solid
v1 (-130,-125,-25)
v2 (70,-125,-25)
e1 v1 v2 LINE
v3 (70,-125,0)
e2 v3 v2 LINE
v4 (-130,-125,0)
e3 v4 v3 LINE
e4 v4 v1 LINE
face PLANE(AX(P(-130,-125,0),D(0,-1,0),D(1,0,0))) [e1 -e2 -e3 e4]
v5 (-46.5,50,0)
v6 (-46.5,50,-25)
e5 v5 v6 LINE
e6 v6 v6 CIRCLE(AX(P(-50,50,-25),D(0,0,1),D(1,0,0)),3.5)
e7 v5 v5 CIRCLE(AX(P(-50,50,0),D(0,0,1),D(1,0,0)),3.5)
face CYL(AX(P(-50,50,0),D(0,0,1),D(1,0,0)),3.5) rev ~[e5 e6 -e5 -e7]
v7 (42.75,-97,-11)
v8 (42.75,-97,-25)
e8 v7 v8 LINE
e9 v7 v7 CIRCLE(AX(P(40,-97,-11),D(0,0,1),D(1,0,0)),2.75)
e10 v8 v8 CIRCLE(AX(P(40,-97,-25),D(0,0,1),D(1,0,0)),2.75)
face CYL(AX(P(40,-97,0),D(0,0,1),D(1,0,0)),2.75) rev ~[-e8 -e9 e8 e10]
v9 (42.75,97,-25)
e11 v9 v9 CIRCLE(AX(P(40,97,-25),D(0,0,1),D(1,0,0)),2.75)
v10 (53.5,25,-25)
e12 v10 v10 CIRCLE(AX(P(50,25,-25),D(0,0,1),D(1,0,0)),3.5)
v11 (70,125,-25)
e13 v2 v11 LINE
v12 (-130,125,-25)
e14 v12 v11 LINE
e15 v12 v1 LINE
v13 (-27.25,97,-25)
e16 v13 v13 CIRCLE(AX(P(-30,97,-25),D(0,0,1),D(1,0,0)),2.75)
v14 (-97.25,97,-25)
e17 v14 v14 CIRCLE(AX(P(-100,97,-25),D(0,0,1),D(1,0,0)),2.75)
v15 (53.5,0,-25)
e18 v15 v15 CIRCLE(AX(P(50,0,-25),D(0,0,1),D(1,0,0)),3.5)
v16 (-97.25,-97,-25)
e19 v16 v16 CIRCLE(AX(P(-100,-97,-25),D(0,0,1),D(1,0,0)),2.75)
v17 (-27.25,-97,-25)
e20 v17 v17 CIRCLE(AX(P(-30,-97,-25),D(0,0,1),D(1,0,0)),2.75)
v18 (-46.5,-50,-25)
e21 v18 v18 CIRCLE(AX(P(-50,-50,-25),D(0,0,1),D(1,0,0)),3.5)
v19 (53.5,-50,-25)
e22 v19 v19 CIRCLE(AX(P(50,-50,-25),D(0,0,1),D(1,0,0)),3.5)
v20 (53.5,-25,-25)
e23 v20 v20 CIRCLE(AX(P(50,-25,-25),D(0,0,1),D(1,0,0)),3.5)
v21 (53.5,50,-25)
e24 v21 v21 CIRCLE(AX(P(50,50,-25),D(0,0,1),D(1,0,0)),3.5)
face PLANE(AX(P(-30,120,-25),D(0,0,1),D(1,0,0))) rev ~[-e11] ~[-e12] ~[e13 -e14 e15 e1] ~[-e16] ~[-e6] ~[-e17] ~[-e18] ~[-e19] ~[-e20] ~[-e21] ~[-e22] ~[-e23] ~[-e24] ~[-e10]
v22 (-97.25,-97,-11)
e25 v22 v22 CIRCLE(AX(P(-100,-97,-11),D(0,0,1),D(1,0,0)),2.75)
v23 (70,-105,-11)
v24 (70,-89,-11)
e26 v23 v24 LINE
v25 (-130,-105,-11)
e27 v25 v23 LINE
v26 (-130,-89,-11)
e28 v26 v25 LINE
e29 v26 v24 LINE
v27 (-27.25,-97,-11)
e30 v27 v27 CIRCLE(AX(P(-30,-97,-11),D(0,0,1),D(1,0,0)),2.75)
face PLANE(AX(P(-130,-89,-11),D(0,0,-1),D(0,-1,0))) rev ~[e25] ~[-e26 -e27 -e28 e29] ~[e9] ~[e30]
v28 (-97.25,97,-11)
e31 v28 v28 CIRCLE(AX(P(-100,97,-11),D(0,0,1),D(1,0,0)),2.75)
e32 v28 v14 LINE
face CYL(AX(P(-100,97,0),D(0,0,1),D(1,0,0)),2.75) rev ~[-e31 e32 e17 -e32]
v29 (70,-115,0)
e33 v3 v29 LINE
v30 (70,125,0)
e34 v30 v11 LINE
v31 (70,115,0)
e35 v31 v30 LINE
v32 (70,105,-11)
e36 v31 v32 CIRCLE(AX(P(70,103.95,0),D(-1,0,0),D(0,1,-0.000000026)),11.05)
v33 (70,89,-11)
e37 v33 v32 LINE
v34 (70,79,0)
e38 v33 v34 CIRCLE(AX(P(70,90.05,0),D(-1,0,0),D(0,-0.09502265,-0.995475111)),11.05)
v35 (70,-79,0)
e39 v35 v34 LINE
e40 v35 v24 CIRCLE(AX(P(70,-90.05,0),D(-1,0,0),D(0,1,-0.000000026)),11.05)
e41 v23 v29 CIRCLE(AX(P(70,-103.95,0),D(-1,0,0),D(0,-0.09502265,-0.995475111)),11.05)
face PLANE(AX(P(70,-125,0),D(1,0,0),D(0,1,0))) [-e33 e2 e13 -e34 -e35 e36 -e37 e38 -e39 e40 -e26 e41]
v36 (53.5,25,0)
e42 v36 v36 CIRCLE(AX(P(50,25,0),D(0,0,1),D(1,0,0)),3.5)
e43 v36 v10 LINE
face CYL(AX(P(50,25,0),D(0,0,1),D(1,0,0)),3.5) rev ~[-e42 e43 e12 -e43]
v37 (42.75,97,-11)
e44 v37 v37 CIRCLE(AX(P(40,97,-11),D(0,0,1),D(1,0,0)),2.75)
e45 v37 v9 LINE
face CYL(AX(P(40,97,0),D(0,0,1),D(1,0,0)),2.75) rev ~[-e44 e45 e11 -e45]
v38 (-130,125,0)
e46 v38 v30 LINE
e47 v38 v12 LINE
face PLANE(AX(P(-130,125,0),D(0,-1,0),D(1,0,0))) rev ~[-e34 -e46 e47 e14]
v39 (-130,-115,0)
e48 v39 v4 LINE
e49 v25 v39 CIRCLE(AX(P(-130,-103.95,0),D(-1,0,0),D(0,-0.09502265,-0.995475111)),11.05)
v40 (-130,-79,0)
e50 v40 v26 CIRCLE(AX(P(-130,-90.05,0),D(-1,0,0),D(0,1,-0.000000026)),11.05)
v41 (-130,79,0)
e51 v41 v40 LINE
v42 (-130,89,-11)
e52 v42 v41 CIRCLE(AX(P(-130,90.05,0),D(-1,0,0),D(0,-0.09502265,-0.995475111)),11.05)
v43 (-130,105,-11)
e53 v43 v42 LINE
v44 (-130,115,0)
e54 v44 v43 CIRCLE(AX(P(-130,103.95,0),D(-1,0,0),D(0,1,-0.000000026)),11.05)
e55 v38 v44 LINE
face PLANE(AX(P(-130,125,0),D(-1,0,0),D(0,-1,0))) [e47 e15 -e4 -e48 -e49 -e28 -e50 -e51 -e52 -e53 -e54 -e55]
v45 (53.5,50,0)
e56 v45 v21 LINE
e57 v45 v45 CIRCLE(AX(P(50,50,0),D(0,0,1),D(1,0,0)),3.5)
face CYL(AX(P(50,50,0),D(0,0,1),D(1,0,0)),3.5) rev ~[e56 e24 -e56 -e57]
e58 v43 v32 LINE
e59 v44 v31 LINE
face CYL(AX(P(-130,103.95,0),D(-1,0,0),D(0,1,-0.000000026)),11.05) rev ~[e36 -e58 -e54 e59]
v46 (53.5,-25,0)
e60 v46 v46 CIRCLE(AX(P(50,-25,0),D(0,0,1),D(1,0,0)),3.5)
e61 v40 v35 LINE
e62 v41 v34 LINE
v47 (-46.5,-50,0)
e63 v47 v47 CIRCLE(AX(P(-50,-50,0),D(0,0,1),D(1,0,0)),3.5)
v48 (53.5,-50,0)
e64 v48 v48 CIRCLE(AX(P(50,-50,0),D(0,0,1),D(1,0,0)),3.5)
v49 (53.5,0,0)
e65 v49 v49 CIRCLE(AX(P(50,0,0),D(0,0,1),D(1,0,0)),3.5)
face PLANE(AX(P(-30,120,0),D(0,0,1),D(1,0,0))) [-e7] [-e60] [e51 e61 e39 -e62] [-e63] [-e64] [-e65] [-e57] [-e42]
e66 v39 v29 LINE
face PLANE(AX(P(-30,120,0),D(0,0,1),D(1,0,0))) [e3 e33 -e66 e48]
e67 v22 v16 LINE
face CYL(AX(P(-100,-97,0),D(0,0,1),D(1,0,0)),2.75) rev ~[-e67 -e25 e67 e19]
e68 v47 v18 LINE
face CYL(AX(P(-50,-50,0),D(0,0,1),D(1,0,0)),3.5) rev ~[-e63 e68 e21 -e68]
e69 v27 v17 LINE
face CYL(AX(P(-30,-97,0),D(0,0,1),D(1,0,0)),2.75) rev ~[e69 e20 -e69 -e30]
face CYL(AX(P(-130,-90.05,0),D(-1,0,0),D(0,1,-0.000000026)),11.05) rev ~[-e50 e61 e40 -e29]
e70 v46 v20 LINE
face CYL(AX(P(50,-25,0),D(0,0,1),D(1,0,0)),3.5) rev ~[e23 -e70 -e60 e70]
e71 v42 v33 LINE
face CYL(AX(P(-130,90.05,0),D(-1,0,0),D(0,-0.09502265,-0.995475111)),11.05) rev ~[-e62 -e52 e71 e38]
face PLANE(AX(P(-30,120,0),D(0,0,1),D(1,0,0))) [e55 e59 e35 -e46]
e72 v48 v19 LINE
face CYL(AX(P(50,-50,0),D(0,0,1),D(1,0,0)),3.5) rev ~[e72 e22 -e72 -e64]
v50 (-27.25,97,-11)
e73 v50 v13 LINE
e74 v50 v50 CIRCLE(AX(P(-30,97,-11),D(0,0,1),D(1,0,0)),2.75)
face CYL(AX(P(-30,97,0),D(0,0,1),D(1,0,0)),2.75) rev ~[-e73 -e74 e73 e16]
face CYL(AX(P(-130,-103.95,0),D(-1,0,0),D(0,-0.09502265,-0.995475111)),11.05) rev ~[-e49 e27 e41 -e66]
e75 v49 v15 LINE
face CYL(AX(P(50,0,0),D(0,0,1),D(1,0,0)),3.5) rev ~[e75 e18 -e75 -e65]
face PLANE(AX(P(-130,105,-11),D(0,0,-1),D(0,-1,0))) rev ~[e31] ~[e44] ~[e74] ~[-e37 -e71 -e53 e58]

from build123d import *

# Parameters (mm, degrees)
F0_W     = 200
F0_H     = 10
F0_H_2   = 36
F0_R     = 2.75
F0_H_3   = 158
F0_R_2   = 3.5
F1_DEPTH = 25
F3_DEPTH = 200.001


with BuildPart() as f1:
    # F0 (on Top) → F1 (new body)
    with BuildSketch(Plane.XY):
        with Locations((-30, 120)):
            Rectangle(F0_W, F0_H)
        with Locations((-30, 97)):
            Rectangle(F0_W, F0_H_2)
        with Locations((-100, 97)):
            Circle(F0_R, mode=Mode.SUBTRACT)
        with Locations((-30, 97)):
            Circle(F0_R, mode=Mode.SUBTRACT)
        with Locations((40, 97)):
            Circle(F0_R, mode=Mode.SUBTRACT)
        with Locations((-30, 0)):
            Rectangle(F0_W, F0_H_3)
        with Locations((-50, -50)):
            Circle(F0_R_2, mode=Mode.SUBTRACT)
        with Locations((50, -50)):
            Circle(F0_R_2, mode=Mode.SUBTRACT)
        with Locations((50, -25)):
            Circle(F0_R_2, mode=Mode.SUBTRACT)
        with Locations((-50, 50)):
            Circle(F0_R_2, mode=Mode.SUBTRACT)
        with Locations((50, 0)):
            Circle(F0_R_2, mode=Mode.SUBTRACT)
        with Locations((50, 25)):
            Circle(F0_R_2, mode=Mode.SUBTRACT)
        with Locations((50, 50)):
            Circle(F0_R_2, mode=Mode.SUBTRACT)
        with Locations((-30, -97)):
            Rectangle(F0_W, F0_H_2)
        with Locations((-100, -97)):
            Circle(F0_R, mode=Mode.SUBTRACT)
        with Locations((-30, -97)):
            Circle(F0_R, mode=Mode.SUBTRACT)
        with Locations((40, -97)):
            Circle(F0_R, mode=Mode.SUBTRACT)
        with Locations((-30, -120)):
            Rectangle(F0_W, F0_H)
    extrude(amount=-F1_DEPTH)

    # F2 (on face) → F3 (cut, through all)
    with BuildSketch(Plane(origin=(-130, 0, 0), x_dir=(0, -1, 0), z_dir=(-1, 0, 0))):
        with BuildLine():
            Line((-79, 0), (-115, 0))
            ThreePointArc((-115, 0), (-112.126338, -7.433034), (-105, -11))
            Line((-105, -11), (-89, -11))
            ThreePointArc((-89, -11), (-81.873662, -7.433034), (-79, 0))
        make_face()
        with BuildLine():
            Line((115, 0), (79, 0))
            ThreePointArc((79, 0), (81.873662, -7.433034), (89, -11))
            Line((89, -11), (105, -11))
            ThreePointArc((105, -11), (112.126338, -7.433034), (115, 0))
        make_face()
    extrude(amount=-F3_DEPTH, mode=Mode.SUBTRACT)


solid = f1.part
